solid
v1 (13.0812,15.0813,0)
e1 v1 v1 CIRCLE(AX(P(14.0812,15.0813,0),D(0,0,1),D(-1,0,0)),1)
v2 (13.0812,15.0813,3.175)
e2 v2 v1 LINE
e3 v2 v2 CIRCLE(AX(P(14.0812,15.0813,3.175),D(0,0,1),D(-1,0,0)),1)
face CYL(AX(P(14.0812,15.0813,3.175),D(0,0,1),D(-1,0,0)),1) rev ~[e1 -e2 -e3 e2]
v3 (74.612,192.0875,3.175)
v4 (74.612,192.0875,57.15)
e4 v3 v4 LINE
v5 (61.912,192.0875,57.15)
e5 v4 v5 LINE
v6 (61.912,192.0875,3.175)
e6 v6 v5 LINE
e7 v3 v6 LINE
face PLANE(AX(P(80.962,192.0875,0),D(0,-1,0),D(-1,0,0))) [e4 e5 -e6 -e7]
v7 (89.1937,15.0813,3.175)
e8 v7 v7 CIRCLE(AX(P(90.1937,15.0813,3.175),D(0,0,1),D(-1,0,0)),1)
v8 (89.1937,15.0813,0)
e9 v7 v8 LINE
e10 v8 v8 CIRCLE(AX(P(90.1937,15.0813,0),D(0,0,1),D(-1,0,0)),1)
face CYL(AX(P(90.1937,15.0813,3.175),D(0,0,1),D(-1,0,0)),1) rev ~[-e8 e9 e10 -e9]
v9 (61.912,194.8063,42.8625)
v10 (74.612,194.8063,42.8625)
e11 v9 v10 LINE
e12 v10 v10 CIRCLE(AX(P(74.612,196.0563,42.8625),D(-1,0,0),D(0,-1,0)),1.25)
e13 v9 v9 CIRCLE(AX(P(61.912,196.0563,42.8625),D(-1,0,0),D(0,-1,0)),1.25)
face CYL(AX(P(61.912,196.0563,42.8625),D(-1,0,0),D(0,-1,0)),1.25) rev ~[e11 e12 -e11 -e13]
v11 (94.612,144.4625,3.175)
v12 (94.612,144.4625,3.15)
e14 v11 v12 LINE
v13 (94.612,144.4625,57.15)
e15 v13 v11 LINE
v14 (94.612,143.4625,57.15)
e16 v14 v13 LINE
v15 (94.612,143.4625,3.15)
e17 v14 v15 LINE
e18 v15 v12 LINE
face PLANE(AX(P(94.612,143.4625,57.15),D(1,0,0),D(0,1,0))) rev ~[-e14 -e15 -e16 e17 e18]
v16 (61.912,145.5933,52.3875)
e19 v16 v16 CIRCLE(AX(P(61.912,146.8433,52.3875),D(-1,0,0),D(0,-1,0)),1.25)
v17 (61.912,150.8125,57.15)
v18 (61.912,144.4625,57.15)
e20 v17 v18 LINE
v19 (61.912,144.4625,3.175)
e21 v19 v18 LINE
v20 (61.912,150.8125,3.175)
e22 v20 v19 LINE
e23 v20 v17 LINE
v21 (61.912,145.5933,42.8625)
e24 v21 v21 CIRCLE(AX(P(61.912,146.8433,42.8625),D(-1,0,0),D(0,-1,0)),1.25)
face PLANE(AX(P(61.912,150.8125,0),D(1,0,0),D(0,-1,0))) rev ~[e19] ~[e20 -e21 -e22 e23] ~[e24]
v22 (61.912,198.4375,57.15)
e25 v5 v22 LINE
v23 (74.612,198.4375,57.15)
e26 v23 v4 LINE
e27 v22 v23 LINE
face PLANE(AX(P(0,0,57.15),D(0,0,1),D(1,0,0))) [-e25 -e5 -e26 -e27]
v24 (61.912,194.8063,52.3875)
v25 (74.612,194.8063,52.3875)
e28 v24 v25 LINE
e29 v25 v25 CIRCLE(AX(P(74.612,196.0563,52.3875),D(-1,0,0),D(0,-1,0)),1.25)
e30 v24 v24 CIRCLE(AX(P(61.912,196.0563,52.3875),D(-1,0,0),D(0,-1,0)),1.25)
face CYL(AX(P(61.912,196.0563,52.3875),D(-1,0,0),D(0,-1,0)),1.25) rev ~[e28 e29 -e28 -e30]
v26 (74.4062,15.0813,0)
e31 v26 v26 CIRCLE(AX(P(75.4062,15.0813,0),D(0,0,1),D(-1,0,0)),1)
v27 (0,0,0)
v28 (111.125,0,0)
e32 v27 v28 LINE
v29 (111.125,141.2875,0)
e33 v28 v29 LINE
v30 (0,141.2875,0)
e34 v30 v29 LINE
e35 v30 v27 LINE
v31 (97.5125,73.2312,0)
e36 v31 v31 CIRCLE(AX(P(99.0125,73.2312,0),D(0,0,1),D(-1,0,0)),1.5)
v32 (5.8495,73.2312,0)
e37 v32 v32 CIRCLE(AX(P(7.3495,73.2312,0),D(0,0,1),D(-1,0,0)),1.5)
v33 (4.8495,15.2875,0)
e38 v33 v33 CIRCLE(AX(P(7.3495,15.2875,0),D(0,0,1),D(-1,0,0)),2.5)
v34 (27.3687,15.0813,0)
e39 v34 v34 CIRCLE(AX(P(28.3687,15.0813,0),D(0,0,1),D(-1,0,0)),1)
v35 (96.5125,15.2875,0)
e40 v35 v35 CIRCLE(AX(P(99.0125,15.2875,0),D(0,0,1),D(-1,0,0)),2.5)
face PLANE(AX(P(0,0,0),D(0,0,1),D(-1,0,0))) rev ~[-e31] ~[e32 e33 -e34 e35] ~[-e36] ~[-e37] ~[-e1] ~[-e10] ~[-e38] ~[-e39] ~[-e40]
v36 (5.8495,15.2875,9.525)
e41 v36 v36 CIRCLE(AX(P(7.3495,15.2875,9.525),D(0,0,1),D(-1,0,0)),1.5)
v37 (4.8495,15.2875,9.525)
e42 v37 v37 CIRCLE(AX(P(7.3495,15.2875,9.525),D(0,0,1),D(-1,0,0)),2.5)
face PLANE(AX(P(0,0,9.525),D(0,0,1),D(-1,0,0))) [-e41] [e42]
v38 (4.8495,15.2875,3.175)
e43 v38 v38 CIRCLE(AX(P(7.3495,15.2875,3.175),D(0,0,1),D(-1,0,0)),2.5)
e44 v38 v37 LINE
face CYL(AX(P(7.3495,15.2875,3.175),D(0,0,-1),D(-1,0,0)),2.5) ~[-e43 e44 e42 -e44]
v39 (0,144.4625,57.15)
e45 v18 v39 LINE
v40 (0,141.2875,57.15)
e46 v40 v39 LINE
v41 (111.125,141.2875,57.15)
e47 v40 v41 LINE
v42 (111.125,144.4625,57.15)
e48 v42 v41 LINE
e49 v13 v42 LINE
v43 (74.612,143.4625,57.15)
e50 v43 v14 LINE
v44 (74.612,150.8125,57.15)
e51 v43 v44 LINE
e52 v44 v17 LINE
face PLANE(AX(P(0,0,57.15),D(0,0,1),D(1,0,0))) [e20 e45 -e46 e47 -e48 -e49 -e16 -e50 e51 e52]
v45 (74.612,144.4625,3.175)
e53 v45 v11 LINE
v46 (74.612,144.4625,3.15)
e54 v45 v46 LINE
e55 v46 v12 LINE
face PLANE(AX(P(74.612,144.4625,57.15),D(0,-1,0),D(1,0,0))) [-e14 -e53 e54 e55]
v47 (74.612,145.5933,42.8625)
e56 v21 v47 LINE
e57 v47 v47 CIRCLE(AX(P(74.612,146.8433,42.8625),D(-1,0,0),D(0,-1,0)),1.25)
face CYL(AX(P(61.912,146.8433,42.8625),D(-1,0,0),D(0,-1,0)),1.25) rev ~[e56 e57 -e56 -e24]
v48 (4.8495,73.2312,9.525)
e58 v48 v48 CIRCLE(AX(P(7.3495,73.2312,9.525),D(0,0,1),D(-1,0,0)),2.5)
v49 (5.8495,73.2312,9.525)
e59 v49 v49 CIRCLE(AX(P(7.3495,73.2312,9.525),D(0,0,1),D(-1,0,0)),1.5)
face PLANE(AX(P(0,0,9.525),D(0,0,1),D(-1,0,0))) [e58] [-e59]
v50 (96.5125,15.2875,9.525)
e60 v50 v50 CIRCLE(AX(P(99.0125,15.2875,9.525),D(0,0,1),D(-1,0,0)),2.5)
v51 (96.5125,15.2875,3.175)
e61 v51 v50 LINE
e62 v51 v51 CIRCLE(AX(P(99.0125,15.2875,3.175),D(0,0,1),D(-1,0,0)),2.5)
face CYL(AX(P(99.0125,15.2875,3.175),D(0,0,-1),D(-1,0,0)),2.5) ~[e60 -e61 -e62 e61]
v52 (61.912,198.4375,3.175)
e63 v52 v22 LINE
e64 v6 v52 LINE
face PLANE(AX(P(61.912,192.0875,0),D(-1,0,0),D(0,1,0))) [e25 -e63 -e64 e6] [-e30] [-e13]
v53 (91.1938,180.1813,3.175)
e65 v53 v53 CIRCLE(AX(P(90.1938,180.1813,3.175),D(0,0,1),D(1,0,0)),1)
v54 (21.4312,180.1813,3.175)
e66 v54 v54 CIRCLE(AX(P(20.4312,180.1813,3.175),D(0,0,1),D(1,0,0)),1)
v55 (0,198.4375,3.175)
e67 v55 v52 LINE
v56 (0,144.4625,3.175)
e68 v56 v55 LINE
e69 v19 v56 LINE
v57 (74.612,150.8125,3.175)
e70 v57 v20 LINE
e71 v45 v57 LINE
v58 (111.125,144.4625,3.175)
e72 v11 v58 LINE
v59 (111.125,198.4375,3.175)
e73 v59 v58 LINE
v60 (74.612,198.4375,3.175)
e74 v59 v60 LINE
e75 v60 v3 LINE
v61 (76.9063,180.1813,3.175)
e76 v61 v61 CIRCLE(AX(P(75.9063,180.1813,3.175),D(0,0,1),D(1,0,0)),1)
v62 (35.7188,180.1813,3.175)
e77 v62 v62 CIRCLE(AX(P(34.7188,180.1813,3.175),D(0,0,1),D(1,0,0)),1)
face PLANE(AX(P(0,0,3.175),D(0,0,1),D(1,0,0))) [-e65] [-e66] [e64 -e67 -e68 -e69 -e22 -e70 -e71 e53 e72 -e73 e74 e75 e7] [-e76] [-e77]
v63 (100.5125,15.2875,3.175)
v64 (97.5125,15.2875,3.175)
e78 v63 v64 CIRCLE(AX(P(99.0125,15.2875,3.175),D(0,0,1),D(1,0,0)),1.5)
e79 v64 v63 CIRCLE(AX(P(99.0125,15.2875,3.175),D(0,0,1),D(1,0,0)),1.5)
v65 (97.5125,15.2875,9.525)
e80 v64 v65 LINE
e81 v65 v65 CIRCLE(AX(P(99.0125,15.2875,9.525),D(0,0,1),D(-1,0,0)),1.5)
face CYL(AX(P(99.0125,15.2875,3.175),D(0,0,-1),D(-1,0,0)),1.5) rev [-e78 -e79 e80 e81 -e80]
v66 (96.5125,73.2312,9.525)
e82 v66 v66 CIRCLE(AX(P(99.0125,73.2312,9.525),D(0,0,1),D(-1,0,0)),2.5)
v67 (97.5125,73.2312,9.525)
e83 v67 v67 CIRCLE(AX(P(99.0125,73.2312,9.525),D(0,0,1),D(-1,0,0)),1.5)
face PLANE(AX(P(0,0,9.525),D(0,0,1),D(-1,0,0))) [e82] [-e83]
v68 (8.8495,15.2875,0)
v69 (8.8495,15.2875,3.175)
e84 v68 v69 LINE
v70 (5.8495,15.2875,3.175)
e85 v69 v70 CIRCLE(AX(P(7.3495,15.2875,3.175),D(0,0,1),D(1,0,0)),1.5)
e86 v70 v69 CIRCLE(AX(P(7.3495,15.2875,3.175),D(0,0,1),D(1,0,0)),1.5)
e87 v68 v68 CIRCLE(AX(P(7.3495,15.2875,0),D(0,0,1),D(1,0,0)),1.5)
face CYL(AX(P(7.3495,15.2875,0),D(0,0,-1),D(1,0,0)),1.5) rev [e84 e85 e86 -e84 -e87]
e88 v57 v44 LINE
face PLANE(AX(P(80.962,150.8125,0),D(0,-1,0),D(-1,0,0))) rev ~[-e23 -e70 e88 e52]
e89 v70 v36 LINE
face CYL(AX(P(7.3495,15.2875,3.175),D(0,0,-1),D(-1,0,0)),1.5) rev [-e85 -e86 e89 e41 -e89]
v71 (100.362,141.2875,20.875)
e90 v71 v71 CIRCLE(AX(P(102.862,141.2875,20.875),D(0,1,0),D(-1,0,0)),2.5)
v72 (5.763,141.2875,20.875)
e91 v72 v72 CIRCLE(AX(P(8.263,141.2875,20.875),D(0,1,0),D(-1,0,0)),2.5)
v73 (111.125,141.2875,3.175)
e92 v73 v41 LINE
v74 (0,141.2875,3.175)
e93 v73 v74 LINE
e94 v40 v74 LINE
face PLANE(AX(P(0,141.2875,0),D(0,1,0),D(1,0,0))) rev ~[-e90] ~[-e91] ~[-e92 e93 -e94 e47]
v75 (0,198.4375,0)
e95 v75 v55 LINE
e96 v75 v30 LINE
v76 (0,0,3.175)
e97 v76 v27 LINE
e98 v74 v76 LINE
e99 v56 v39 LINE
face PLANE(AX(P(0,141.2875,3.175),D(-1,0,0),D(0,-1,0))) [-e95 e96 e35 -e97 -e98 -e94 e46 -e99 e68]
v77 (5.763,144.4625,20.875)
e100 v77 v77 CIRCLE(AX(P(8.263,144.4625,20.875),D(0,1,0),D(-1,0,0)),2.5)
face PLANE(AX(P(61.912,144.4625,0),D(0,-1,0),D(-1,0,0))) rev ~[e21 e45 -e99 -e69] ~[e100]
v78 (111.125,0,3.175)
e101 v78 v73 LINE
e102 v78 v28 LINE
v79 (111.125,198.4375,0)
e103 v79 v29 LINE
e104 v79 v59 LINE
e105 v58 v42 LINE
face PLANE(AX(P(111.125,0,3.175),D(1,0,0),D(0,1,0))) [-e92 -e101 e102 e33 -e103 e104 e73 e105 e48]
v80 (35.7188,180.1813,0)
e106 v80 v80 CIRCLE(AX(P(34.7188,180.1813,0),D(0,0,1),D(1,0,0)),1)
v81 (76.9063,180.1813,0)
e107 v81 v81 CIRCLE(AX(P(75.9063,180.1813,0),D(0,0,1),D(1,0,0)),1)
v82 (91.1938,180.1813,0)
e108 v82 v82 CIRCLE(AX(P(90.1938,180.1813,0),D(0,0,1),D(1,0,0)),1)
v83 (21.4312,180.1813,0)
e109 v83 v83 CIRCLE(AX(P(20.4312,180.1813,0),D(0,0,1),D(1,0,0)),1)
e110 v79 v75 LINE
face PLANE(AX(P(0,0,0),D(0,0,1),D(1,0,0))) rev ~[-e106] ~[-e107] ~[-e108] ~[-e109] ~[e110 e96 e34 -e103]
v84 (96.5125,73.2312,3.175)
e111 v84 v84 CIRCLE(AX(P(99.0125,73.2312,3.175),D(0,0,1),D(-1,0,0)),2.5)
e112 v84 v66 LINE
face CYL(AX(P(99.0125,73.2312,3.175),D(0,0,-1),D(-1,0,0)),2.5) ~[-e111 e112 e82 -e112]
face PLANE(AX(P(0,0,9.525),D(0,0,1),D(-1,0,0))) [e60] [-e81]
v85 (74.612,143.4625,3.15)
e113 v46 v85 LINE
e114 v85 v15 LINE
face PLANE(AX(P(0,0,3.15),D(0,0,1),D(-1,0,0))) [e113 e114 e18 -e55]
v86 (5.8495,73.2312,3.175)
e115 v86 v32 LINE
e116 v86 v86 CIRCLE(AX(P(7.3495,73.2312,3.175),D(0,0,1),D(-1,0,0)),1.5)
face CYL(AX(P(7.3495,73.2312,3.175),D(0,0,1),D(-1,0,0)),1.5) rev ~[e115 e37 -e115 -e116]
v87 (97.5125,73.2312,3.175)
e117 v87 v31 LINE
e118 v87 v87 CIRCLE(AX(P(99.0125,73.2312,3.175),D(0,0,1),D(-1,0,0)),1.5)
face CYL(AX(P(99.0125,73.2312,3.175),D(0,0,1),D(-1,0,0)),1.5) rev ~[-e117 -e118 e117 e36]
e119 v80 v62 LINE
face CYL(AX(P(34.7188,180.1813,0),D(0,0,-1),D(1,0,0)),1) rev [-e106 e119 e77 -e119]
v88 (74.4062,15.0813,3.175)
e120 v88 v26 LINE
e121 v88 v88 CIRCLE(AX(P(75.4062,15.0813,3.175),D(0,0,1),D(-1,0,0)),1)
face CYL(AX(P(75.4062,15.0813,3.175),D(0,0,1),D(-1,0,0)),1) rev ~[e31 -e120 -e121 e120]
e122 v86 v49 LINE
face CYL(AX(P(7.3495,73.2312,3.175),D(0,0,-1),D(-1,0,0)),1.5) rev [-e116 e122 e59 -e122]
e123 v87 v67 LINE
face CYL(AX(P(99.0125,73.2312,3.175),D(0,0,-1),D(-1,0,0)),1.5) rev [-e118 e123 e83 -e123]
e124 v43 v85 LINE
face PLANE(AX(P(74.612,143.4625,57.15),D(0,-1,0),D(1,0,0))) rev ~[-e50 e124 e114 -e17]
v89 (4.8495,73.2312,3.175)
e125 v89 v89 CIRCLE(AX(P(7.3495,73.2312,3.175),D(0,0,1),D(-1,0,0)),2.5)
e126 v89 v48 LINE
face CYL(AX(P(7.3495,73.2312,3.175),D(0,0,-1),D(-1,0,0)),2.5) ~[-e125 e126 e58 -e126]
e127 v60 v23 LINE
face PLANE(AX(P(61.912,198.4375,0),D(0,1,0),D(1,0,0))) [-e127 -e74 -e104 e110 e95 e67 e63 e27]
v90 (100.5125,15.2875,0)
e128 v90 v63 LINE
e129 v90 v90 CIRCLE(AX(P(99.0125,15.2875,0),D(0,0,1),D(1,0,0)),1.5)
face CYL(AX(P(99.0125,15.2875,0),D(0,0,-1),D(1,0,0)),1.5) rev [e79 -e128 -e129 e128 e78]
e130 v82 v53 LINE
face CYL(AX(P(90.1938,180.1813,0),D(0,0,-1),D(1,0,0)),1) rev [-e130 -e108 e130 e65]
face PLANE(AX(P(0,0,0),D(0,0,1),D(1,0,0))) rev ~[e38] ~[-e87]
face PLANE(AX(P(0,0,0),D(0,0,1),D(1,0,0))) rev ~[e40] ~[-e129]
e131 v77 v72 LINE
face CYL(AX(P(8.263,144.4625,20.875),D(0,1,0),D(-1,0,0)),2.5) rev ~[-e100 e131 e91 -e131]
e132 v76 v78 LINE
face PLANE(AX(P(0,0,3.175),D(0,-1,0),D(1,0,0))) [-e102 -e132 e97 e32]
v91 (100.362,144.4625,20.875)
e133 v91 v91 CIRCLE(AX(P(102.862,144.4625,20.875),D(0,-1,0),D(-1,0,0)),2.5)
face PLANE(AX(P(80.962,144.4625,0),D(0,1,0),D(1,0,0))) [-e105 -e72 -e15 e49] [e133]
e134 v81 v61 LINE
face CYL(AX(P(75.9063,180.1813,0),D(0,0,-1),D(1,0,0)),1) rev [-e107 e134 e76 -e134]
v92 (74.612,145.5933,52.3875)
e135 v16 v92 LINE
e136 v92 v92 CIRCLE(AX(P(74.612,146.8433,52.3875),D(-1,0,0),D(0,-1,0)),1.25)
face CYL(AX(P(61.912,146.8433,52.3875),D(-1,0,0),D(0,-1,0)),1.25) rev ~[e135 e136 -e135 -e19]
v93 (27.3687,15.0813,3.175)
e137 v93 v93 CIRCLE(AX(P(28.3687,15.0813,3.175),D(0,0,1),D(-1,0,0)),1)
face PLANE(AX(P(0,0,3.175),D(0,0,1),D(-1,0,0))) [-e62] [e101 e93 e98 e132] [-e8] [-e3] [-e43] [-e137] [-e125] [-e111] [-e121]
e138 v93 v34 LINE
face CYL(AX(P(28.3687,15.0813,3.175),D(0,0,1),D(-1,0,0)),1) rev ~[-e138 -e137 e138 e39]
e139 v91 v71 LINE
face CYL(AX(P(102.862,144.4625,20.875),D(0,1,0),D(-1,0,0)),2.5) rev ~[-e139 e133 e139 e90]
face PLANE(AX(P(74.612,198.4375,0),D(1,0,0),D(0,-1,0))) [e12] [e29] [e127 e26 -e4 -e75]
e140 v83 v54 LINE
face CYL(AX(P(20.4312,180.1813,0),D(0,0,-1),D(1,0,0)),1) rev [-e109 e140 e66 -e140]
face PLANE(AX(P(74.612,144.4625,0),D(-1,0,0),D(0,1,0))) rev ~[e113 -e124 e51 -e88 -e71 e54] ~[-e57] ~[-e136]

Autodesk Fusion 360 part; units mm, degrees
sketch "Sketch1" plane through (0, 0, 0) normal (0, 0, 1) x (1, 0, 0)
  line L0 (0, 198.4375) -> (111.125, 198.4375)
  line L1 (111.125, 198.4375) -> (111.125, 0)
  line L2 (111.125, 198.4375) -> (89.6938, 198.4375)
  circle A0 centre (75.9063, 180.1813) radius 1
  circle A1 centre (90.1938, 180.1813) radius 1
  circle A2 centre (20.4312, 180.1813) radius 1
  circle A3 centre (34.7188, 180.1813) radius 1
  line L3 (111.125, 198.4375) -> (80.962, 198.4375)
  line L4 (80.962, 198.4375) -> (80.962, 192.0875)
  line L5 (111.125, 0) -> (104.775, 0)
  line L6 (0, 0) -> (111.125, 0)
  circle A4 centre (14.0812, 15.0813) radius 1
  circle A5 centre (28.3687, 15.0813) radius 1
  circle A6 centre (75.4062, 15.0813) radius 1
  circle A7 centre (90.1937, 15.0813) radius 1
  circle A8 centre (7.3495, 15.2875) radius 1.5
  circle A9 centre (99.0125, 15.2875) radius 1.5
  line L7 (80.962, 144.4625) -> (80.962, 150.8125)
  line L8 (80.962, 150.8125) -> (61.912, 150.8125)
  line L9 (61.912, 150.8125) -> (61.912, 144.4625)
  line L10 (80.962, 198.4375) -> (80.962, 192.0875)
  line L11 (80.962, 192.0875) -> (61.912, 192.0875)
  line L12 (61.912, 192.0875) -> (61.912, 198.4375)
  line L13 (0, 0) -> (0, 198.4375)
  line L14 (0, 141.2875) -> (111.125, 141.2875)
  line L15 (61.912, 144.4625) -> (0, 144.4625)
  line L16 (80.962, 144.4625) -> (111.125, 144.4625)
  dimension "d1" = 111.125
  dimension "d2" = 198.4375
  dimension "d3" = 111.125
  dimension "d39" = 14.2875
  dimension "d49" = 6.35
extrude "Extrude18" add sketch "Sketch1" along normal blind 3.175 contours L0 L1 L2 L3 L4 L7 L8 L9 L10 L11 L12 L13 L15 L16 makes body 1
extrude "Extrude19" add sketch "Sketch1" along normal blind 3.175 separate body contours L1 L5 L6 L13 L14 makes body 2
extrude "Extrude20" add sketch "Sketch1" along normal blind 57.15 contours L1 L7 L8 L9 L13 L14 L15 L16 bodies 1 2
extrude "Extrude21" add sketch "Sketch1" along normal blind 57.15 contours L0 L4 L10 L11 L12 bodies 1
sketch "Sketch5" plane through (0, 0, 3.175) normal (0, 0, 1) x (-1, 0, 0)
  circle A0 centre (-28.3687, -15.0813) radius 1
  circle A1 centre (-99.0125, -15.2875) radius 1.5
  circle A2 centre (-7.3495, -15.2875) radius 1.5
  circle A3 centre (-90.1937, -15.0813) radius 1
  circle A4 centre (-75.4062, -15.0813) radius 1
  circle A5 centre (-14.0812, -15.0813) radius 1
  line L0 (0, 0) -> (-111.125, 0)
  line L1 (-111.125, 0) -> (-111.125, -141.2875)
  line L2 (-111.125, -141.2875) -> (0, -141.2875)
  line L3 (0, -141.2875) -> (0, 0)
  circle A6 centre (-7.3495, -15.2875) radius 2.5
  circle A7 centre (-99.0125, -15.2875) radius 2.5
  circle A8 centre (-99.0125, -73.2312) radius 1.5
  circle A9 centre (-7.3495, -73.2312) radius 1.5
  dimension "d170" = 1
  dimension "d171" = 1
  dimension "d219" = 3
extrude "Extrude24" add sketch "Sketch5" along normal blind 6.35 contours A6 bodies 1
extrude "Extrude25" add sketch "Sketch5" along normal blind 6.35 contours A7 bodies 1
sketch "Sketch6" plane through (61.912, 0, 0) normal (-1, 0, 0) x (0, -1, 0)
  line L0 (-150.8125, 3.175) -> (-144.4625, 3.175)
  line L1 (-144.4625, 3.175) -> (-144.4625, 57.15)
  line L2 (-144.4625, 57.15) -> (-150.8125, 57.15)
  line L3 (-150.8125, 57.15) -> (-150.8125, 3.175)
  circle A0 centre (-196.0563, 52.3875) radius 1.25
  circle A1 centre (-196.0563, 42.8625) radius 1.25
  circle A2 centre (-146.8433, 52.3875) radius 1.25
  circle A3 centre (-146.8433, 42.8625) radius 1.25
extrude "Extrude26" cut sketch "Sketch6" against normal blind 19.05 contours A0 bodies 1
extrude "Extrude27" cut sketch "Sketch6" against normal blind 19.05 contours A1 | A2 | A3 bodies 1
extrude "Extrude28" cut 1 faces at (80.962, 195.4959, 15.9887) along direction (-1, 0, 0) blind 6.35 on bodies 1 bodies 1
extrude "Extrude29" cut 1 faces at (80.962, 147.4039, 15.9887) along direction (-1, 0, 0) blind 6.35 on bodies 1 bodies 1
sketch "Sketch7" plane through (0, 0, 57.15) normal (0, 0, 1) x (-1, 0, 0)
  line L0 (-74.612, -144.4625) -> (-74.612, -150.8125)
  line L1 (-74.612, -150.8125) -> (-61.912, -150.8125)
  line L2 (-61.912, -150.8125) -> (-61.912, -144.4625)
  line L3 (-61.912, -144.4625) -> (0, -144.4625)
  line L4 (0, -144.4625) -> (0, -141.2875)
  line L5 (0, -141.2875) -> (-111.125, -141.2875)
  line L6 (-111.125, -141.2875) -> (-111.125, -144.4625)
  line L7 (-74.612, -144.4625) -> (-74.612, -143.4625)
  line L8 (-74.612, -143.4625) -> (-94.612, -143.4625)
  line L9 (-94.612, -143.4625) -> (-94.612, -144.4625)
  line L10 (-74.612, -144.4625) -> (-94.612, -144.4625)
  dimension "d208" = 20
extrude "Extrude32" cut sketch "Sketch7" against normal blind 54 bodies 1
extrude "Extrude34" cut 1 faces at (62.1192, 99.547, 3.175) along direction (0, 0, -1) blind 14 on bodies 1 bodies 1 makes body 3 at (4.8526, 15.4121, 6.35) makes body 4 at (74.0833, 141.2875, 38.1)
extrude "Extrude35" add sketch "Sketch5" against normal blind 3.175 contours L0 L1 L2 L3 bodies 1 3 4
sketch "Sketch8" plane through (0, 0, 3.175) normal (0, 0, 1) x (-1, 0, 0)
  circle A0 centre (-7.3495, -73.2312) radius 1.5
  circle A1 centre (-99.0125, -15.2875) radius 2.5
  circle A2 centre (-28.3687, -15.0813) radius 1
  circle A3 centre (-75.4062, -15.0813) radius 1
  circle A4 centre (-14.0812, -15.0813) radius 1
  circle A5 centre (-90.1937, -15.0813) radius 1
  circle A6 centre (-7.3495, -15.2875) radius 2.5
  circle A7 centre (-99.0125, -73.2312) radius 1.5
  line L0 (0, -141.2875) -> (0, 0)
  line L1 (0, 0) -> (-111.125, 0)
  line L2 (-111.125, 0) -> (-111.125, -141.2875)
  line L3 (-111.125, -141.2875) -> (0, -141.2875)
  circle A8 centre (-7.3495, -73.2312) radius 2.5
  circle A9 centre (-99.0125, -73.2312) radius 2.5
  dimension "d226" = 1
  dimension "d227" = 1
extrude "Extrude36" add sketch "Sketch8" along normal blind 6.35 contours A8 | A9 bodies 1
sketch "Sketch9" plane through (0, 144.4625, 0) normal (0, 1, 0) x (-1, 0, 0)
  line L0 (-61.912, 3.175) -> (0, 3.175)
  line L1 (0, 3.175) -> (0, 57.15)
  line L2 (0, 57.15) -> (-61.912, 57.15)
  line L3 (-61.912, 57.15) -> (-61.912, 3.175)
  line L4 (-111.125, 57.15) -> (-94.6, 57.15)
  line L5 (-111.125, 57.15) -> (-102.8625, 57.15)
  line L6 (-111.125, 3.175) -> (-111.125, 20.875)
  line L7 (-111.125, 20.875) -> (-102.862, 20.875)
  circle A0 centre (-102.862, 20.875) radius 2.5
  line L8 (0, 3.175) -> (0, 20.875)
  line L9 (0, 20.875) -> (-8.263, 20.875)
  circle A1 centre (-8.263, 20.875) radius 2.5
  dimension "d247" = 17.7
  dimension "d248" = 8.263
  dimension "d249" = 5
  dimension "d250" = 17.7
  dimension "d253" = 5
extrude "Extrude40" cut sketch "Sketch9" against normal blind 10 contours A1 | A0 bodies 1
